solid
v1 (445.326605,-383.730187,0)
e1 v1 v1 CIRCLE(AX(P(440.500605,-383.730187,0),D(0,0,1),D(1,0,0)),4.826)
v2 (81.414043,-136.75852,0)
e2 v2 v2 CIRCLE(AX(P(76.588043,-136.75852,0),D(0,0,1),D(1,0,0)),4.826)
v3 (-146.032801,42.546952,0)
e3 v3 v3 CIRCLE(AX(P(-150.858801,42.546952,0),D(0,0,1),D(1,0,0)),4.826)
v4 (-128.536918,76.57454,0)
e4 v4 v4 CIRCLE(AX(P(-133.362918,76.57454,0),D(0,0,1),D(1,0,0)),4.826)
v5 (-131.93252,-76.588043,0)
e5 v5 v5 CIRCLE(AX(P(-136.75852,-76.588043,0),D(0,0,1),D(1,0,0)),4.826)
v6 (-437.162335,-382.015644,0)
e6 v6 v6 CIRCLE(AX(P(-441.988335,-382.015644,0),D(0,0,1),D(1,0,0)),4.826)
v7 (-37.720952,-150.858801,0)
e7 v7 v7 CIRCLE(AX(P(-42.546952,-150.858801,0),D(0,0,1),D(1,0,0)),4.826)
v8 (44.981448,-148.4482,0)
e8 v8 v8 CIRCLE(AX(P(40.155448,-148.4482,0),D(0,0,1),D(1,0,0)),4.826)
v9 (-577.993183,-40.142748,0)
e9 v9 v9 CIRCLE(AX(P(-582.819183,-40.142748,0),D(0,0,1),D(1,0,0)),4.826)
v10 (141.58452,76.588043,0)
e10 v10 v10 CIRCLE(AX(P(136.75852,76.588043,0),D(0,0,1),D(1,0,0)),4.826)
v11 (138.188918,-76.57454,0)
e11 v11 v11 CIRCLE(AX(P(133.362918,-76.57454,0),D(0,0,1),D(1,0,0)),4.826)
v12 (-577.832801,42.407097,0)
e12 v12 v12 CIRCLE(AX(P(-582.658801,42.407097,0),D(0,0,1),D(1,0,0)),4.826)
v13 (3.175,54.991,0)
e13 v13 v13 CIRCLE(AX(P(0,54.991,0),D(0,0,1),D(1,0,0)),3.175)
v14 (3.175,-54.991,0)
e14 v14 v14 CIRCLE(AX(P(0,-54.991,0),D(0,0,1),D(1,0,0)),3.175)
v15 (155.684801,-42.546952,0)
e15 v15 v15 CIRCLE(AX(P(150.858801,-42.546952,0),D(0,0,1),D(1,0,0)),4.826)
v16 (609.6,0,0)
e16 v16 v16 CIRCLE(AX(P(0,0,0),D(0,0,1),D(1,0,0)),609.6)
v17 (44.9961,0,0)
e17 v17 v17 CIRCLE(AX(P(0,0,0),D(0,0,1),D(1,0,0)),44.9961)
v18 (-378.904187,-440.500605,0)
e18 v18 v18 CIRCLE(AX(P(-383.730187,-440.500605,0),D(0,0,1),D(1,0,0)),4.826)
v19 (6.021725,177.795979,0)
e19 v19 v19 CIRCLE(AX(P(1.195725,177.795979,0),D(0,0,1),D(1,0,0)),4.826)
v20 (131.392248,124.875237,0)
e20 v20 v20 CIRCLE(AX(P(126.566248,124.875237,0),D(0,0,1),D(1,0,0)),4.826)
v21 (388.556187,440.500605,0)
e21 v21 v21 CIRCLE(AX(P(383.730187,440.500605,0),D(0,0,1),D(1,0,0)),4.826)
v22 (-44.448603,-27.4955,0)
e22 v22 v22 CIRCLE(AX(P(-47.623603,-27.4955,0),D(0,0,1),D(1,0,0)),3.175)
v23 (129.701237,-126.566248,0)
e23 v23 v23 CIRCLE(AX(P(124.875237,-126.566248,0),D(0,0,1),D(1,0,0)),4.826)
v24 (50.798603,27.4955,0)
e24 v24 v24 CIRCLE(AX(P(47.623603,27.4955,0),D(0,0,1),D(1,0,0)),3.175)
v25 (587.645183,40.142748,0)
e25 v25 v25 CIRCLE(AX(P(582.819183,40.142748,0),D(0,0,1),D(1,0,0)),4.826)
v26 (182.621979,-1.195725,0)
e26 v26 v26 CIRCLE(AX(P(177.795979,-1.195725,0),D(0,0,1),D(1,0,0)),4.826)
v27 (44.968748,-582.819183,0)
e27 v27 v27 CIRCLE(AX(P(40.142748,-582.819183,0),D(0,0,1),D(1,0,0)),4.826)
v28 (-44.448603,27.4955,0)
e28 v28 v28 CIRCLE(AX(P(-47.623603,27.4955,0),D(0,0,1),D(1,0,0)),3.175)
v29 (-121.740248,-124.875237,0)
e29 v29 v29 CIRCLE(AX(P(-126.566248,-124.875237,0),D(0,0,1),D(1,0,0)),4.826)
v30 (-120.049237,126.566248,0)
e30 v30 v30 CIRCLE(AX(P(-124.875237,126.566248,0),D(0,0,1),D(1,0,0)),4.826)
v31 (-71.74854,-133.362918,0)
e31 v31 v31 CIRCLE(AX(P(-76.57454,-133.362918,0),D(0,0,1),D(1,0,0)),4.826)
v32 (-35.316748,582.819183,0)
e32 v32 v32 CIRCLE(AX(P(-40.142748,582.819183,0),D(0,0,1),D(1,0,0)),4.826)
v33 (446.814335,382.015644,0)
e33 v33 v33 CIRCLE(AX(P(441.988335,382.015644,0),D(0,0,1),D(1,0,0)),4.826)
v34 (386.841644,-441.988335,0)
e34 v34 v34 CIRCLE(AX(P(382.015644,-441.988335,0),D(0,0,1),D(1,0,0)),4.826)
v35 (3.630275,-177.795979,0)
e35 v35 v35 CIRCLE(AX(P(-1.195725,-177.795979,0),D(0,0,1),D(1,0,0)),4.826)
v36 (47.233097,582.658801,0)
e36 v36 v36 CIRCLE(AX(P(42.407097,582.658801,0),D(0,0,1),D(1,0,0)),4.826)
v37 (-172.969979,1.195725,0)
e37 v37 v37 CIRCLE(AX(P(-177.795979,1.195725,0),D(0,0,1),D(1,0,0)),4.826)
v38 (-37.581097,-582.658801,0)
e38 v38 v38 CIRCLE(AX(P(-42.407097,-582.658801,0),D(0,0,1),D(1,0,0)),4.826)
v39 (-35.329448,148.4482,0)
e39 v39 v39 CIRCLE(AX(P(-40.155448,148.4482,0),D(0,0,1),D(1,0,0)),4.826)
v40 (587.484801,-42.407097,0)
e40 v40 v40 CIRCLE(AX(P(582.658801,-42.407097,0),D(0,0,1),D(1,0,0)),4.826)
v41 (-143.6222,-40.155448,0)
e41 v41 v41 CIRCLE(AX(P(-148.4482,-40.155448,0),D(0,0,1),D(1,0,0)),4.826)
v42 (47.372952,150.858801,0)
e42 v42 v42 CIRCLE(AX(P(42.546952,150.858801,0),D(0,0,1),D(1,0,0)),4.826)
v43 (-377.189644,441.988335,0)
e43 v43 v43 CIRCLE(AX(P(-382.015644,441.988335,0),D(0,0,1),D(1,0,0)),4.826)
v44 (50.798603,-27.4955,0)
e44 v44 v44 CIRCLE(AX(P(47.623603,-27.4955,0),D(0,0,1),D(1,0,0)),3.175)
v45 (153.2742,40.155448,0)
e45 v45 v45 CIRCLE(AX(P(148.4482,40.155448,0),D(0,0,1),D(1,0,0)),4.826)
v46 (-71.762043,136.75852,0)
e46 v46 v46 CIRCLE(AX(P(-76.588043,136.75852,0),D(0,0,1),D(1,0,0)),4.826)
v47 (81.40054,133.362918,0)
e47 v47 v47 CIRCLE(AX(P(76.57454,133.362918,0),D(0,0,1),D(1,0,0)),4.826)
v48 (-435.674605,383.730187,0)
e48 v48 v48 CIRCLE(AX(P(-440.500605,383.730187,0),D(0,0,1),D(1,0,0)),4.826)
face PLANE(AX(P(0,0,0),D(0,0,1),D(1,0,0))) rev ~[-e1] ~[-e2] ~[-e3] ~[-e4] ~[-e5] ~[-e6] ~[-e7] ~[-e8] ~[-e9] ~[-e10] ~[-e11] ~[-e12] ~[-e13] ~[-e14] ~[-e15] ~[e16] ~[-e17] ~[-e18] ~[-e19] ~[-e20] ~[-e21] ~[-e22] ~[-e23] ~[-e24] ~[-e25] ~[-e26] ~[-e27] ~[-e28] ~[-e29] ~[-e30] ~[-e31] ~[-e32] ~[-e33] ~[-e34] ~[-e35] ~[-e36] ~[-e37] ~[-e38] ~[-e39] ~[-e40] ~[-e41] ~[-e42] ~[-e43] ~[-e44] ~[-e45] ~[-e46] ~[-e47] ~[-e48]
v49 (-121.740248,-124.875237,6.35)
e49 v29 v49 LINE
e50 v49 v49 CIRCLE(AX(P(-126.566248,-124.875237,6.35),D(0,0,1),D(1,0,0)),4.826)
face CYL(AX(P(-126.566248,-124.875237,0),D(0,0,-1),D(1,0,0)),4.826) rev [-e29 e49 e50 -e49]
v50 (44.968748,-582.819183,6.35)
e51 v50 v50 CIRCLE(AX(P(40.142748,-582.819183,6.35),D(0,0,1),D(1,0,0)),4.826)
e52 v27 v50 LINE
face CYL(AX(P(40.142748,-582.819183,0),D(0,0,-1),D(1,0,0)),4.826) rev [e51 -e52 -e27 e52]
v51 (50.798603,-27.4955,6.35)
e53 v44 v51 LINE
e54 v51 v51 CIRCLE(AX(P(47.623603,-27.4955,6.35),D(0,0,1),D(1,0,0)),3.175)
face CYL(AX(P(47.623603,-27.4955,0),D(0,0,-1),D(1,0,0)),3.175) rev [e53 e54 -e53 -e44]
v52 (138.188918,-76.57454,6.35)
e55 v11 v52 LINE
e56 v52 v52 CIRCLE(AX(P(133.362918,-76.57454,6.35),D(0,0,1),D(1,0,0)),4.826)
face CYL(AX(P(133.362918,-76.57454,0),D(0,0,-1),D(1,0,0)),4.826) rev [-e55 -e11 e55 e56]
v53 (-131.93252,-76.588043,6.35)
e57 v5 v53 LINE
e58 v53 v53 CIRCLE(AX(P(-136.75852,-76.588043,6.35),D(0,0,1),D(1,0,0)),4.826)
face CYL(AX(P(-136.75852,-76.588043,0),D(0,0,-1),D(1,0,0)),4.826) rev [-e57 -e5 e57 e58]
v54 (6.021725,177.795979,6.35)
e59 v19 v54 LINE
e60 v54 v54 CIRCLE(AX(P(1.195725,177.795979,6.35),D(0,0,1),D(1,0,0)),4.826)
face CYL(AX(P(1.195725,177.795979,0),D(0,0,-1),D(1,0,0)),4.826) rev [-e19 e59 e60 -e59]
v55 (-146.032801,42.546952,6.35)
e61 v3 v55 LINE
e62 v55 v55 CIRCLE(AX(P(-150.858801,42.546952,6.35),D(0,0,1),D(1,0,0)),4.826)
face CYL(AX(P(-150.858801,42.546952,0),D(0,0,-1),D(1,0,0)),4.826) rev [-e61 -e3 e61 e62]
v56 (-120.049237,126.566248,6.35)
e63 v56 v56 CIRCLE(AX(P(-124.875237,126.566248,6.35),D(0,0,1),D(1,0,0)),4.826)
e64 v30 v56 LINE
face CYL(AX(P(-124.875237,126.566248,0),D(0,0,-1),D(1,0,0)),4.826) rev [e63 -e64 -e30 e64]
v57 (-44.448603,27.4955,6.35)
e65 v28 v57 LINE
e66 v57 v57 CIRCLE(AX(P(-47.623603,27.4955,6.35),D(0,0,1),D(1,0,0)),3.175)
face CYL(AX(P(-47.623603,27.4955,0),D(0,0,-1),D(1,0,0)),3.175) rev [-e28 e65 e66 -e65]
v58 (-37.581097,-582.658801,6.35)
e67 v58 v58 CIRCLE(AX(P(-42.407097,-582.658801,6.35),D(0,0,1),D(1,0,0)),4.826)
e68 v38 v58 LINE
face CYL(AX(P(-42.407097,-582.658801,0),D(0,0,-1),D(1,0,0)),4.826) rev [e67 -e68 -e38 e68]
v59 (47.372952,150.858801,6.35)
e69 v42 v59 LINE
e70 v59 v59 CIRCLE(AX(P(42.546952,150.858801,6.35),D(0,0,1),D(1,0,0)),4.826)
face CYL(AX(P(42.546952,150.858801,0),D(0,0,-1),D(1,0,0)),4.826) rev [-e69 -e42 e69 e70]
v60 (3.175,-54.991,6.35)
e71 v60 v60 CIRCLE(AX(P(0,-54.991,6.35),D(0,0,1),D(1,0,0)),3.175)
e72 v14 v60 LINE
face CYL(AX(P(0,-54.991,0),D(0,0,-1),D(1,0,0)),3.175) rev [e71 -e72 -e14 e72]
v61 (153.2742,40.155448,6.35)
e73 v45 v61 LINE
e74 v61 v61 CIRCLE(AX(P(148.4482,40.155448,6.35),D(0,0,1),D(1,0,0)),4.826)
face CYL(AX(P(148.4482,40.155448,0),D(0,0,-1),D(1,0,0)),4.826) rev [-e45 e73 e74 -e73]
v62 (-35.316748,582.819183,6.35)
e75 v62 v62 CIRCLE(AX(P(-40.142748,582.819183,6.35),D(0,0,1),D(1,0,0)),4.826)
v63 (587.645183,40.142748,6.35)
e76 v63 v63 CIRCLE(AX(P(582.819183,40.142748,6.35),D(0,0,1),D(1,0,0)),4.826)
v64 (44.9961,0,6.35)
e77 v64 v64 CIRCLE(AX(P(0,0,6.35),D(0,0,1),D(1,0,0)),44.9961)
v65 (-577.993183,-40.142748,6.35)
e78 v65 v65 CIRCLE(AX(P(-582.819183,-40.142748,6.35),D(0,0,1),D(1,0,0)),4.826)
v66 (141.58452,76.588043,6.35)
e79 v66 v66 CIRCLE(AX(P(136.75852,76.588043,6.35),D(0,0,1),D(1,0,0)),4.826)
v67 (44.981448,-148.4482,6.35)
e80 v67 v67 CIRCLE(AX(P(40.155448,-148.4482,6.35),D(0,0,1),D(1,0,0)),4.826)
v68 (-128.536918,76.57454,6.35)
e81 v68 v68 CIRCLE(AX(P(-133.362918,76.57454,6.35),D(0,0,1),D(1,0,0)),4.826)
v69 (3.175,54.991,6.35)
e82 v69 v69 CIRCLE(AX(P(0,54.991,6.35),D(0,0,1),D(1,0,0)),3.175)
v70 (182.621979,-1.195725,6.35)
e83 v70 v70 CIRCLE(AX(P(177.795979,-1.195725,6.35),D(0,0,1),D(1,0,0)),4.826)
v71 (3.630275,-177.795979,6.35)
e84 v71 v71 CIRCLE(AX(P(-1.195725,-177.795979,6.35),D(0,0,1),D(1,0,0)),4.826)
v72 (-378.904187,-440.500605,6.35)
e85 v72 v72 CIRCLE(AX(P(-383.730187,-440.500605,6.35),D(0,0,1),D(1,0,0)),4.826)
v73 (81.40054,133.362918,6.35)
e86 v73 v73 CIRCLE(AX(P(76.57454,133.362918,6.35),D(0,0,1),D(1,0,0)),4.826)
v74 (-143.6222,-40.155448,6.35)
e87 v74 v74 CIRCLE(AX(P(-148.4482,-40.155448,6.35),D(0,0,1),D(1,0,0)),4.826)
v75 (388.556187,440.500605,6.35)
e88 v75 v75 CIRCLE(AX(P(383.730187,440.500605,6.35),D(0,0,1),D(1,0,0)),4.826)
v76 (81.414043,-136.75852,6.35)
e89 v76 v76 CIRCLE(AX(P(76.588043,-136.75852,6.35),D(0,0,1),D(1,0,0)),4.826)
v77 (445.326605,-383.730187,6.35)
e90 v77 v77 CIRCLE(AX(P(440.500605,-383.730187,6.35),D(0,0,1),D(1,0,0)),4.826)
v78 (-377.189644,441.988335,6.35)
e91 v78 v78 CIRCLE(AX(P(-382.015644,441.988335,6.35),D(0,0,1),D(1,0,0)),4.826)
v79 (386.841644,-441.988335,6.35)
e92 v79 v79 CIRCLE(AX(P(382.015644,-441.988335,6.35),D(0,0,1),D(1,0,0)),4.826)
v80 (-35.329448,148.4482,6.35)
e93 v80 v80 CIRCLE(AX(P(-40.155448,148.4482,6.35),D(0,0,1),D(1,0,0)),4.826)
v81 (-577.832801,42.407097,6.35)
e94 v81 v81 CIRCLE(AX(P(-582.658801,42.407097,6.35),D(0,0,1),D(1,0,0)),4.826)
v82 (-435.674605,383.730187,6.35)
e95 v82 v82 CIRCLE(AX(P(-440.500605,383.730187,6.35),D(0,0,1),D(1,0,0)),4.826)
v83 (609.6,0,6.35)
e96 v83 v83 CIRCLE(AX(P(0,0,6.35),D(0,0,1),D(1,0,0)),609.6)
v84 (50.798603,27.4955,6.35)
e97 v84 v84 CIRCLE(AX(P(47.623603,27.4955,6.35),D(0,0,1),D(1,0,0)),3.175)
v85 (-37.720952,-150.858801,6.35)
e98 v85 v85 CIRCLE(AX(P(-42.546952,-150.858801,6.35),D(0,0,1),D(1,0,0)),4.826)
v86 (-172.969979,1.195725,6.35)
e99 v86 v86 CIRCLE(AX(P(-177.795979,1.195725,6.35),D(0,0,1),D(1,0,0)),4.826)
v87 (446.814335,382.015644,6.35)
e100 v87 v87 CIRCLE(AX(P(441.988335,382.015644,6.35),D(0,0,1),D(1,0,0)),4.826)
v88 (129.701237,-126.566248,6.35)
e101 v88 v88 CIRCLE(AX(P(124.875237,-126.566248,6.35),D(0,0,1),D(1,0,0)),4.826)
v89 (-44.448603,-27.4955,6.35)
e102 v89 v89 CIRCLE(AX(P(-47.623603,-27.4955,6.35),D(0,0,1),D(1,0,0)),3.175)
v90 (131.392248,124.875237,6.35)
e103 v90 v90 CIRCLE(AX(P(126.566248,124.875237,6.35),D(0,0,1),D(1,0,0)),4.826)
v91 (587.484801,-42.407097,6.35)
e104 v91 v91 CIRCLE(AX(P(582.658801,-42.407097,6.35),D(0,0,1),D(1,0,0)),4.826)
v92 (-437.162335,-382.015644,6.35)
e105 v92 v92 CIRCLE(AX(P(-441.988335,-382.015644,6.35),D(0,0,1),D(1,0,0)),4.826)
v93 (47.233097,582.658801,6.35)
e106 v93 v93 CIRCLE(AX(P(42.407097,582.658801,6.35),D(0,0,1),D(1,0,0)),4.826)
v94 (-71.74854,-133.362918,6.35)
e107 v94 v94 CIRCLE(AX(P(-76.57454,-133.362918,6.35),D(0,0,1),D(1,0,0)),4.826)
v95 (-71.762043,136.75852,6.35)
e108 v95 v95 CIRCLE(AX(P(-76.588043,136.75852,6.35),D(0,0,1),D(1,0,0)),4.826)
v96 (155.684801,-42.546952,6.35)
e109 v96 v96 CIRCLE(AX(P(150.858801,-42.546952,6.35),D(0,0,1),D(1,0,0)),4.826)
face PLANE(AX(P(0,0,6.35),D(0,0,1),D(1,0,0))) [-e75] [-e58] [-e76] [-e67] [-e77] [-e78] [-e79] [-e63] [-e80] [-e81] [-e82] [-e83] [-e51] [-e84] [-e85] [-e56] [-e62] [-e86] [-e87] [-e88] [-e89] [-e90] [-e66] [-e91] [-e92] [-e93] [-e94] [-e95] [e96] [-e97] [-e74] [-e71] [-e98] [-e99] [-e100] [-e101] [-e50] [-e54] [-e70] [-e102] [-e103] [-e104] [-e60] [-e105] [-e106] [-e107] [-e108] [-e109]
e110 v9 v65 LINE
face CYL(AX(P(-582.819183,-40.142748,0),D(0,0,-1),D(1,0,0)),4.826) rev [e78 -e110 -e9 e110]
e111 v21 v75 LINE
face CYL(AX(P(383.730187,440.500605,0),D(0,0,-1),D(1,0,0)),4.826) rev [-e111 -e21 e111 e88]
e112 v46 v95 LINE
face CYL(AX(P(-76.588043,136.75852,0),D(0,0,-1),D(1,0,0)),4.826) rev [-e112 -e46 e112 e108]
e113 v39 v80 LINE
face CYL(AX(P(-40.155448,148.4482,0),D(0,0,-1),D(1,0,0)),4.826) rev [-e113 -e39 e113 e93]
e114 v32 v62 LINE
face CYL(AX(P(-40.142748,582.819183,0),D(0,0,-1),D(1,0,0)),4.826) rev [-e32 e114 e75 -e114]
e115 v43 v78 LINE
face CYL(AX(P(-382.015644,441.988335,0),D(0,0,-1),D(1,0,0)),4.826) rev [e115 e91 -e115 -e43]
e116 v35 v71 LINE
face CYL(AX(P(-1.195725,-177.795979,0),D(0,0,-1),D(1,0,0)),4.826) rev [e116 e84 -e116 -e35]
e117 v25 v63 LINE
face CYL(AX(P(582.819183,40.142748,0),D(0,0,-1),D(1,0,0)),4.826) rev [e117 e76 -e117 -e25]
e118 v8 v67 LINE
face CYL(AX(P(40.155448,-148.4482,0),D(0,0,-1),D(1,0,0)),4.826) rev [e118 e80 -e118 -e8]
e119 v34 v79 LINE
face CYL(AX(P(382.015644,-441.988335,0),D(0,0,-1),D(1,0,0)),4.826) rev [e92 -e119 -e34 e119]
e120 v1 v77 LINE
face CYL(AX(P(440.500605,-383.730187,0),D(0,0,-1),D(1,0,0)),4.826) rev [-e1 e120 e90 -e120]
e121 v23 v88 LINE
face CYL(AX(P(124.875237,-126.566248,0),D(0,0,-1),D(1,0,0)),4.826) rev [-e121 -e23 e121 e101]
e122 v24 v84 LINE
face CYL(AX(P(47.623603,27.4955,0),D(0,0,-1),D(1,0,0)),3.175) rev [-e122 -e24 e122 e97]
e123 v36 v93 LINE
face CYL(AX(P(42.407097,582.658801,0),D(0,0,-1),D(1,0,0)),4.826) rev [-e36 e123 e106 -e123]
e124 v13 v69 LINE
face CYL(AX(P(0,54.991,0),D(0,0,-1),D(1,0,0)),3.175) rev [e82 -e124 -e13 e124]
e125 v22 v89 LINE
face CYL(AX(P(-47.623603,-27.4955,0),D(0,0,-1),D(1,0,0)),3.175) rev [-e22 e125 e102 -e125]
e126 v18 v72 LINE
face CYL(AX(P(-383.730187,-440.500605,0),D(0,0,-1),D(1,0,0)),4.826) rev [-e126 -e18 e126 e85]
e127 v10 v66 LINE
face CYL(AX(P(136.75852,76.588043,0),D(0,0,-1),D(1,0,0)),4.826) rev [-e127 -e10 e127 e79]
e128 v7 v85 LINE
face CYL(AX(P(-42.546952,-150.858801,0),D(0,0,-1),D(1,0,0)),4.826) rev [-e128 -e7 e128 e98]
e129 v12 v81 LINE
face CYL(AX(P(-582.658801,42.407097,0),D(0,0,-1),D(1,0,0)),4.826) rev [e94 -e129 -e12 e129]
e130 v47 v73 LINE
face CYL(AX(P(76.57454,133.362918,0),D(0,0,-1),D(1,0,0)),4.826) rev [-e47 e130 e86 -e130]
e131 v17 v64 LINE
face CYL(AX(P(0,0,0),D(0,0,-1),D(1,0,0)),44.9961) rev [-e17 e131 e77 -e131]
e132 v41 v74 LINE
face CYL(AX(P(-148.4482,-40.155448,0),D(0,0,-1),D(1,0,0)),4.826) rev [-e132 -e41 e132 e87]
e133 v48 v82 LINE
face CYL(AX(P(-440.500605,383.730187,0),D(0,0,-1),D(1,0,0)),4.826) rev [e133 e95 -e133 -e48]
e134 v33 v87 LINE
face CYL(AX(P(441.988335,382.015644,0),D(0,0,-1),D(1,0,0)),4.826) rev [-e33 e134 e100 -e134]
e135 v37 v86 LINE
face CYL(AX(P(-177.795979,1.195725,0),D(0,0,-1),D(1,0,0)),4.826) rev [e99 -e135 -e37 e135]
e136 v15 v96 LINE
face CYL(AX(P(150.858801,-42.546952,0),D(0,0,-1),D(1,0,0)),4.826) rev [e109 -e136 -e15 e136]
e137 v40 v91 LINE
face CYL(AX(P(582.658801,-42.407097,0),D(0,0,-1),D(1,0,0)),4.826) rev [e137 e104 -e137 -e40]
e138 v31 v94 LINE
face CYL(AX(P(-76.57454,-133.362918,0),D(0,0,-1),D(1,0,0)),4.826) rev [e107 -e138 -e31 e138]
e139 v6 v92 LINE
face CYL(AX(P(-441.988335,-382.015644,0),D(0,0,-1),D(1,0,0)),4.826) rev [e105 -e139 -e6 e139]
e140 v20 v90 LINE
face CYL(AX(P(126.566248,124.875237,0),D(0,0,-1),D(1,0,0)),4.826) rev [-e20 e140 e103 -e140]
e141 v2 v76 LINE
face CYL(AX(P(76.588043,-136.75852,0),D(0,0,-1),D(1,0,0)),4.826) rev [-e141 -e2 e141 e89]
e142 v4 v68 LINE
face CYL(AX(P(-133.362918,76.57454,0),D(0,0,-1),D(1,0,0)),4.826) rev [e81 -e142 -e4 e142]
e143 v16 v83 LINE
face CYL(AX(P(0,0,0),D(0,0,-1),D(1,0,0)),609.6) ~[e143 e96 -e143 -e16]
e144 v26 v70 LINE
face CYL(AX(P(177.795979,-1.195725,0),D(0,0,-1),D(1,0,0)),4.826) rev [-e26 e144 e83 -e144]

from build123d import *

# Parameters (mm, degrees)
F0_R     = 609.6
F0_R_2   = 4.826
F0_R_3   = 3.175
F0_R_4   = 44.9961
F1_DEPTH = 6.35


with BuildPart() as f1:
    # F0 (on Top) → F1 (new body)
    with BuildSketch(Plane.XY):
        Circle(F0_R)
        with Locations((-383.730187, -440.500605)):
            Circle(F0_R_2, mode=Mode.SUBTRACT)
        with Locations((-441.988335, -382.015644)):
            Circle(F0_R_2, mode=Mode.SUBTRACT)
        with Locations((-42.407097, -582.658801)):
            Circle(F0_R_2, mode=Mode.SUBTRACT)
        with Locations((-582.819183, -40.142748)):
            Circle(F0_R_2, mode=Mode.SUBTRACT)
        with Locations((-1.195725, -177.795979)):
            Circle(F0_R_2, mode=Mode.SUBTRACT)
        with Locations((-126.566248, -124.875237)):
            Circle(F0_R_2, mode=Mode.SUBTRACT)
        with Locations((-76.57454, -133.362918)):
            Circle(F0_R_2, mode=Mode.SUBTRACT)
        with Locations((-136.75852, -76.588043)):
            Circle(F0_R_2, mode=Mode.SUBTRACT)
        with Locations((-42.546952, -150.858801)):
            Circle(F0_R_2, mode=Mode.SUBTRACT)
        with Locations((-148.4482, -40.155448)):
            Circle(F0_R_2, mode=Mode.SUBTRACT)
        with Locations((-47.623603, -27.4955)):
            Circle(F0_R_3, mode=Mode.SUBTRACT)
        with Locations((40.142748, -582.819183)):
            Circle(F0_R_2, mode=Mode.SUBTRACT)
        with Locations((382.015644, -441.988335)):
            Circle(F0_R_2, mode=Mode.SUBTRACT)
        with Locations((440.500605, -383.730187)):
            Circle(F0_R_2, mode=Mode.SUBTRACT)
        with Locations((40.155448, -148.4482)):
            Circle(F0_R_2, mode=Mode.SUBTRACT)
        with Locations((76.588043, -136.75852)):
            Circle(F0_R_2, mode=Mode.SUBTRACT)
        with Locations((124.875237, -126.566248)):
            Circle(F0_R_2, mode=Mode.SUBTRACT)
        with Locations((133.362918, -76.57454)):
            Circle(F0_R_2, mode=Mode.SUBTRACT)
        with Locations((0, -54.991)):
            Circle(F0_R_3, mode=Mode.SUBTRACT)
        with Locations((47.623603, -27.4955)):
            Circle(F0_R_3, mode=Mode.SUBTRACT)
        with Locations((150.858801, -42.546952)):
            Circle(F0_R_2, mode=Mode.SUBTRACT)
        with Locations((177.795979, -1.195725)):
            Circle(F0_R_2, mode=Mode.SUBTRACT)
        with Locations((582.658801, -42.407097)):
            Circle(F0_R_2, mode=Mode.SUBTRACT)
        with Locations((-582.658801, 42.407097)):
            Circle(F0_R_2, mode=Mode.SUBTRACT)
        with Locations((-177.795979, 1.195725)):
            Circle(F0_R_2, mode=Mode.SUBTRACT)
        with Locations((-150.858801, 42.546952)):
            Circle(F0_R_2, mode=Mode.SUBTRACT)
        with Locations((-47.623603, 27.4955)):
            Circle(F0_R_3, mode=Mode.SUBTRACT)
        with Locations((-133.362918, 76.57454)):
            Circle(F0_R_2, mode=Mode.SUBTRACT)
        with Locations((-124.875237, 126.566248)):
            Circle(F0_R_2, mode=Mode.SUBTRACT)
        with Locations((-76.588043, 136.75852)):
            Circle(F0_R_2, mode=Mode.SUBTRACT)
        with Locations((-40.155448, 148.4482)):
            Circle(F0_R_2, mode=Mode.SUBTRACT)
        with Locations((-440.500605, 383.730187)):
            Circle(F0_R_2, mode=Mode.SUBTRACT)
        with Locations((-382.015644, 441.988335)):
            Circle(F0_R_2, mode=Mode.SUBTRACT)
        with Locations((-40.142748, 582.819183)):
            Circle(F0_R_2, mode=Mode.SUBTRACT)
        Circle(F0_R_4, mode=Mode.SUBTRACT)
        with Locations((47.623603, 27.4955)):
            Circle(F0_R_3, mode=Mode.SUBTRACT)
        with Locations((0, 54.991)):
            Circle(F0_R_3, mode=Mode.SUBTRACT)
        with Locations((148.4482, 40.155448)):
            Circle(F0_R_2, mode=Mode.SUBTRACT)
        with Locations((42.546952, 150.858801)):
            Circle(F0_R_2, mode=Mode.SUBTRACT)
        with Locations((136.75852, 76.588043)):
            Circle(F0_R_2, mode=Mode.SUBTRACT)
        with Locations((76.57454, 133.362918)):
            Circle(F0_R_2, mode=Mode.SUBTRACT)
        with Locations((126.566248, 124.875237)):
            Circle(F0_R_2, mode=Mode.SUBTRACT)
        with Locations((1.195725, 177.795979)):
            Circle(F0_R_2, mode=Mode.SUBTRACT)
        with Locations((582.819183, 40.142748)):
            Circle(F0_R_2, mode=Mode.SUBTRACT)
        with Locations((42.407097, 582.658801)):
            Circle(F0_R_2, mode=Mode.SUBTRACT)
        with Locations((441.988335, 382.015644)):
            Circle(F0_R_2, mode=Mode.SUBTRACT)
        with Locations((383.730187, 440.500605)):
            Circle(F0_R_2, mode=Mode.SUBTRACT)
    extrude(amount=F1_DEPTH)


solid = f1.part
